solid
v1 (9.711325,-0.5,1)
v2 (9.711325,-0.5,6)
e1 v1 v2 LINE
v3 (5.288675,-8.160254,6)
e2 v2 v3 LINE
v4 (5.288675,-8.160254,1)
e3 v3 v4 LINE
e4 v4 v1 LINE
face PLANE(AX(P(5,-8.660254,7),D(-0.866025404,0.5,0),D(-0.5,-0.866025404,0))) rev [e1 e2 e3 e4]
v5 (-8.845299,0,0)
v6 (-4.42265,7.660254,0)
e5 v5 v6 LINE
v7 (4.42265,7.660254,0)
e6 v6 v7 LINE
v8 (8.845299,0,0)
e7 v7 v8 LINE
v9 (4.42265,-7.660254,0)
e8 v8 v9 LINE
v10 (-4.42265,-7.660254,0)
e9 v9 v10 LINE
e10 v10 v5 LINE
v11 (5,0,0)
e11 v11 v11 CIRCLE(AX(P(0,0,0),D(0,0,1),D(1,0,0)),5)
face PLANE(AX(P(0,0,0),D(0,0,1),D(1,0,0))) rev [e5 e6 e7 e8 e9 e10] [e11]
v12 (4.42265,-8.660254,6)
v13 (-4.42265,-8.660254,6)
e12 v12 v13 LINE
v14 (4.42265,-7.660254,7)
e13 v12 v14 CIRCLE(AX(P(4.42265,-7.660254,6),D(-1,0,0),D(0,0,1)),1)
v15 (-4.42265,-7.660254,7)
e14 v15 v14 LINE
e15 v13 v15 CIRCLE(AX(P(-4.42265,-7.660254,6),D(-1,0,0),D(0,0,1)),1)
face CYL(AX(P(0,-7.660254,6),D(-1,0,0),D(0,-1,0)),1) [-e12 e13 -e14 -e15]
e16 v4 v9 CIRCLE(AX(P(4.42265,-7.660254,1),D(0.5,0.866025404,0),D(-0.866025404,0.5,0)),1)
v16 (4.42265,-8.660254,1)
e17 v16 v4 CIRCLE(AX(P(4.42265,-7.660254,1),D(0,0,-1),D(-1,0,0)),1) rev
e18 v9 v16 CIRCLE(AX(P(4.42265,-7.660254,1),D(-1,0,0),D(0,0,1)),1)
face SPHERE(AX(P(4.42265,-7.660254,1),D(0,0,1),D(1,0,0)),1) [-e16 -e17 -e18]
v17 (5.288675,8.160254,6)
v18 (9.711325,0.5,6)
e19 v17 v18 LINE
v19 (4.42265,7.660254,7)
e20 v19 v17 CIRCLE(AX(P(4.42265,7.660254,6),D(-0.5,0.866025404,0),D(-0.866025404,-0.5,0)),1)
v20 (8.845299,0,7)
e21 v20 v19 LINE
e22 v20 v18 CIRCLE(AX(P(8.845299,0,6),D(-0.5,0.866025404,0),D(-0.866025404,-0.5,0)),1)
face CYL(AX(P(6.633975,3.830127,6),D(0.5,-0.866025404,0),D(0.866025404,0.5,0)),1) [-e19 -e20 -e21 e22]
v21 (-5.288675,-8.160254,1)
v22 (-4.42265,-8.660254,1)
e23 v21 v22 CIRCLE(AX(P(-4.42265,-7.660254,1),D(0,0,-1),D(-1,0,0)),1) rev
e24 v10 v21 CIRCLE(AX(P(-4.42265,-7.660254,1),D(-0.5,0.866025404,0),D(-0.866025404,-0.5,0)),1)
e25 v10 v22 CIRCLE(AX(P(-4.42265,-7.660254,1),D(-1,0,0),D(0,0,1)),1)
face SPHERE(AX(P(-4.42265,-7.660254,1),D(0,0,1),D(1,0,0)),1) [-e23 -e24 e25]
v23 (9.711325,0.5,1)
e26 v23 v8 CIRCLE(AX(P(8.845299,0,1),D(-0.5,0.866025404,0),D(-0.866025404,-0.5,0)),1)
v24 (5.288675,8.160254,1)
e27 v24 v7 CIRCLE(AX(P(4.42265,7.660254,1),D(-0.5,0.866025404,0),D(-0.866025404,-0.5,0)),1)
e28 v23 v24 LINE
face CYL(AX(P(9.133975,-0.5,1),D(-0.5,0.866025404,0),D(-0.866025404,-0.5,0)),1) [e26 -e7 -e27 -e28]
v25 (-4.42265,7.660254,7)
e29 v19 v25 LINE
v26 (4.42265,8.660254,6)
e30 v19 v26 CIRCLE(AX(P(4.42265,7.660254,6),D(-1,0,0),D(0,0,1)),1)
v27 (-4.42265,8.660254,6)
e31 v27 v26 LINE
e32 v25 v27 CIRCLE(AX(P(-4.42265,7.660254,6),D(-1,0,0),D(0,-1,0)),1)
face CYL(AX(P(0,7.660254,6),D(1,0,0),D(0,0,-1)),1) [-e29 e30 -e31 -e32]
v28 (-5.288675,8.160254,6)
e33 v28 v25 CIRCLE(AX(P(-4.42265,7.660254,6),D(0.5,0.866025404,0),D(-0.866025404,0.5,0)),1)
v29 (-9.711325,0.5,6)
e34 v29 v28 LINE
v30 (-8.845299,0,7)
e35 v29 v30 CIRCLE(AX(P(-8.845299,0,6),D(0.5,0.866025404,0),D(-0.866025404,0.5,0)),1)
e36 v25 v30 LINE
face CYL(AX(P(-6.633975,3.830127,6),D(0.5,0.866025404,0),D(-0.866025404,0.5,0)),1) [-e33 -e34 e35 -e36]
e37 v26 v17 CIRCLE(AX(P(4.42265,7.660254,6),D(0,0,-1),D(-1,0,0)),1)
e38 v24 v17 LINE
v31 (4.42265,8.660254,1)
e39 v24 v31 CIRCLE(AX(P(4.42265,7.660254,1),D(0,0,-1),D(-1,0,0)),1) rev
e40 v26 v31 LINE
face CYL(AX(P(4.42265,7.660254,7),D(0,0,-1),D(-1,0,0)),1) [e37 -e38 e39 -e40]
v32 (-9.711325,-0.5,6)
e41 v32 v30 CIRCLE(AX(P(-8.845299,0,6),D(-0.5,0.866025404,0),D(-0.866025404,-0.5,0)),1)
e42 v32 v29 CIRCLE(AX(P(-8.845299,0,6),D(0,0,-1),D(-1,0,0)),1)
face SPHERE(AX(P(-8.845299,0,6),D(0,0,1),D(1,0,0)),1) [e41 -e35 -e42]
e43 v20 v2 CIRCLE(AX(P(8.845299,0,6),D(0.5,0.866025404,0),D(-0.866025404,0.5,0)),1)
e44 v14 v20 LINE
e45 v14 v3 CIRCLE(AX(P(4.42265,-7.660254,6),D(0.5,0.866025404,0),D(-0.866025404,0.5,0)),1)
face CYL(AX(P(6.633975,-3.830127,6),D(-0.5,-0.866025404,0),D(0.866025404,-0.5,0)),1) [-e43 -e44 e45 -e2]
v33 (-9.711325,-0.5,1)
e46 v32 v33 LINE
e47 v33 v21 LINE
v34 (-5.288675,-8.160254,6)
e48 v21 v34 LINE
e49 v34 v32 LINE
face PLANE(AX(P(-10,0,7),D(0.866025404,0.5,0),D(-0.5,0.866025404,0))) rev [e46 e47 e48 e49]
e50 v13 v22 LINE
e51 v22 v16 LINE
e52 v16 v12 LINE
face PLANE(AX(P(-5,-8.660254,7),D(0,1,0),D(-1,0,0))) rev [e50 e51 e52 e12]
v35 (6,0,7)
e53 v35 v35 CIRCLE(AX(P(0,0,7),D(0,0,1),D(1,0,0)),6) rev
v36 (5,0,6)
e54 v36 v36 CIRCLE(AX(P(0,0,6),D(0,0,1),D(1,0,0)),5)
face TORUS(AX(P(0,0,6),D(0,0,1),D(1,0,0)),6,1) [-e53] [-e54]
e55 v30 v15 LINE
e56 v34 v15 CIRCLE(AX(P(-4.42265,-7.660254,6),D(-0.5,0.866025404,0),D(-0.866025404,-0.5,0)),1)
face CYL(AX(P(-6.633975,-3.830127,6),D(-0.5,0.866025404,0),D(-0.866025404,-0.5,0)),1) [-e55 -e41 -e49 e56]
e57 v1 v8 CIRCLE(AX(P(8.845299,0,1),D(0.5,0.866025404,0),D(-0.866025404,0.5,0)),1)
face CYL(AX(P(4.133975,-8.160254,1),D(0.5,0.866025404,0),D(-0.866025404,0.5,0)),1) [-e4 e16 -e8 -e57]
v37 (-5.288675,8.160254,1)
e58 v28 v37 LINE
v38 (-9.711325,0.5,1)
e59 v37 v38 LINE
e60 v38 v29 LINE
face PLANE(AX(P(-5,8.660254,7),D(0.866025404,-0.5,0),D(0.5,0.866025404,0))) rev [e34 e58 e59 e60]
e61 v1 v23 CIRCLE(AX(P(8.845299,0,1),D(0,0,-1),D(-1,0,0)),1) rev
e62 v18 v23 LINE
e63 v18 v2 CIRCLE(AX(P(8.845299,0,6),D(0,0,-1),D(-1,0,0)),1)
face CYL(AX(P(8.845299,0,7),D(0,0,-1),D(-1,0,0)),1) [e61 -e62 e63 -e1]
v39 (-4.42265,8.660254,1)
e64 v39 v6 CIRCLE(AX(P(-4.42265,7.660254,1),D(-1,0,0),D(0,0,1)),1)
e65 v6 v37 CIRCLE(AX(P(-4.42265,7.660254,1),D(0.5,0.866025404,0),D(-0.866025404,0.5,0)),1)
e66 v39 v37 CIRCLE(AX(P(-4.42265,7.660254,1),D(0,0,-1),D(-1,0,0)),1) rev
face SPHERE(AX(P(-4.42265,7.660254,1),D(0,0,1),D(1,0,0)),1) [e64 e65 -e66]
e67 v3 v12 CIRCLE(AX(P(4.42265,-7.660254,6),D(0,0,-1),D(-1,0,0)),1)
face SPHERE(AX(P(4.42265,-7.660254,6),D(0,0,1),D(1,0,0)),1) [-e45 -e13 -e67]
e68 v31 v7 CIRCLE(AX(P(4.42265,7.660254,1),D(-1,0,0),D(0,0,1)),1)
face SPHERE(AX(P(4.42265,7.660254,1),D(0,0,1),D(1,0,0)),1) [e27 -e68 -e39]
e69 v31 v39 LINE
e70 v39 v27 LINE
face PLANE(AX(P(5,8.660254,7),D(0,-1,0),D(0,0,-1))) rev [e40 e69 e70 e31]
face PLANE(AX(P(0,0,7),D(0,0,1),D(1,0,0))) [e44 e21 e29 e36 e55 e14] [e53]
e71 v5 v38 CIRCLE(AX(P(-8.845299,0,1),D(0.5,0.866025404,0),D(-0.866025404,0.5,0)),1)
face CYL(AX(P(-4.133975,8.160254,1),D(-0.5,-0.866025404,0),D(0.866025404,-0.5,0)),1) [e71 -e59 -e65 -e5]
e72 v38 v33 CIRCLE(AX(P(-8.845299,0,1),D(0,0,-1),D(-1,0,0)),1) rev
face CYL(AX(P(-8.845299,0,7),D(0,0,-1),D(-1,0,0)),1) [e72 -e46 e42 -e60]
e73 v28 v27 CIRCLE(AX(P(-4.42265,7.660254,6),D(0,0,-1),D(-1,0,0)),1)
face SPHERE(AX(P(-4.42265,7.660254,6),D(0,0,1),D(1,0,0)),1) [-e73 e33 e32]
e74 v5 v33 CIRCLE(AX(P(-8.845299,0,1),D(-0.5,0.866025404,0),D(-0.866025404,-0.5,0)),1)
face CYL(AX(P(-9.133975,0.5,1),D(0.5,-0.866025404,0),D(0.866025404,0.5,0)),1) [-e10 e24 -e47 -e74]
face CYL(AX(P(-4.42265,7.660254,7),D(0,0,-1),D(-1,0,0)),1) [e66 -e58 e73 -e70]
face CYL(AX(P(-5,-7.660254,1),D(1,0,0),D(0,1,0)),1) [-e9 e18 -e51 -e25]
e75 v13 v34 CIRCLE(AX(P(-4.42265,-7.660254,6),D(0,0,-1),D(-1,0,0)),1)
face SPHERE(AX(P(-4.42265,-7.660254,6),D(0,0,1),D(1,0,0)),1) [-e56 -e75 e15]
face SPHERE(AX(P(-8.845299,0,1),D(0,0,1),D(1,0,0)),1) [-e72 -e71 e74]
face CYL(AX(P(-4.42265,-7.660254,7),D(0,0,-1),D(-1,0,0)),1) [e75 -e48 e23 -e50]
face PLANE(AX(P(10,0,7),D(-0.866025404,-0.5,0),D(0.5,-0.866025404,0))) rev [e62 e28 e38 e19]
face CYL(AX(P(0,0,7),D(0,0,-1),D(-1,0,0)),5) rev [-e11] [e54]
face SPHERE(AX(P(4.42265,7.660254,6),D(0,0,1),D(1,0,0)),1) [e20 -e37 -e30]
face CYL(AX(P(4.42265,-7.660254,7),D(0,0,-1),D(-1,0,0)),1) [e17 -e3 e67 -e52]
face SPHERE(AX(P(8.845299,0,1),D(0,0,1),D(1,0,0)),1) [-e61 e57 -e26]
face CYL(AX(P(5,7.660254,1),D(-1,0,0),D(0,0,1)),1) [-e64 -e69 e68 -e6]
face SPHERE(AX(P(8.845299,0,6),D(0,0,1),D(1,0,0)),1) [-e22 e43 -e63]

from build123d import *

# Parameters (mm, degrees)
SKETCH1_R           = 5
BOSS_EXTRUDE1_DEPTH = 7
FILLET1_R           = 1
FILLET2_R           = 1


with BuildPart() as part:
    # Sketch1 → Boss-Extrude1 (new body)
    with BuildSketch(Plane.XY):
        Polygon((10, 0), (5, 8.660254038), (-5, 8.660254038), (-10, 0), (-5, -8.660254038), (5, -8.660254038), align=None)
        Circle(SKETCH1_R, mode=Mode.SUBTRACT)
    extrude(amount=BOSS_EXTRUDE1_DEPTH)

    # Fillet1
    fillet1_edges = [part.edges().sort_by_distance(p)[0] for p in [
        (5, -8.660254038, 3.5),
        (-5, -8.660254038, 3.5),
        (-10, 0, 3.5),
        (-5, 8.660254038, 3.5),
        (5, 8.660254038, 3.5),
        (10, 0, 3.5),
        (-5, 0, 7),
    ]]
    fillet(fillet1_edges, radius=FILLET1_R)

    # Fillet2
    fillet2_edges = [part.edges().sort_by_distance(p)[0] for p in [
        (7.5, -4.330127019, 7),
        (7.5, 4.330127019, 7),
        (0, 8.660254038, 7),
        (-7.5, 4.330127019, 7),
        (-7.5, -4.330127019, 7),
        (0, -8.660254038, 7),
        (4.922649731, 8.526279442, 7),
        (-4.922649731, 8.526279442, 7),
        (-9.845299462, 0, 7),
        (-4.922649731, -8.526279442, 7),
        (4.922649731, -8.526279442, 7),
        (9.845299462, 0, 7),
        (7.5, 4.330127019, 0),
        (7.5, -4.330127019, 0),
        (0, -8.660254038, 0),
        (-7.5, -4.330127019, 0),
        (-7.5, 4.330127019, 0),
        (0, 8.660254038, 0),
        (4.922649731, 8.526279442, 0),
        (-4.922649731, 8.526279442, 0),
        (-9.845299462, 0, 0),
        (-4.922649731, -8.526279442, 0),
        (4.922649731, -8.526279442, 0),
        (9.845299462, 0, 0),
    ]]
    fillet(fillet2_edges, radius=FILLET2_R)


solid = part.part
